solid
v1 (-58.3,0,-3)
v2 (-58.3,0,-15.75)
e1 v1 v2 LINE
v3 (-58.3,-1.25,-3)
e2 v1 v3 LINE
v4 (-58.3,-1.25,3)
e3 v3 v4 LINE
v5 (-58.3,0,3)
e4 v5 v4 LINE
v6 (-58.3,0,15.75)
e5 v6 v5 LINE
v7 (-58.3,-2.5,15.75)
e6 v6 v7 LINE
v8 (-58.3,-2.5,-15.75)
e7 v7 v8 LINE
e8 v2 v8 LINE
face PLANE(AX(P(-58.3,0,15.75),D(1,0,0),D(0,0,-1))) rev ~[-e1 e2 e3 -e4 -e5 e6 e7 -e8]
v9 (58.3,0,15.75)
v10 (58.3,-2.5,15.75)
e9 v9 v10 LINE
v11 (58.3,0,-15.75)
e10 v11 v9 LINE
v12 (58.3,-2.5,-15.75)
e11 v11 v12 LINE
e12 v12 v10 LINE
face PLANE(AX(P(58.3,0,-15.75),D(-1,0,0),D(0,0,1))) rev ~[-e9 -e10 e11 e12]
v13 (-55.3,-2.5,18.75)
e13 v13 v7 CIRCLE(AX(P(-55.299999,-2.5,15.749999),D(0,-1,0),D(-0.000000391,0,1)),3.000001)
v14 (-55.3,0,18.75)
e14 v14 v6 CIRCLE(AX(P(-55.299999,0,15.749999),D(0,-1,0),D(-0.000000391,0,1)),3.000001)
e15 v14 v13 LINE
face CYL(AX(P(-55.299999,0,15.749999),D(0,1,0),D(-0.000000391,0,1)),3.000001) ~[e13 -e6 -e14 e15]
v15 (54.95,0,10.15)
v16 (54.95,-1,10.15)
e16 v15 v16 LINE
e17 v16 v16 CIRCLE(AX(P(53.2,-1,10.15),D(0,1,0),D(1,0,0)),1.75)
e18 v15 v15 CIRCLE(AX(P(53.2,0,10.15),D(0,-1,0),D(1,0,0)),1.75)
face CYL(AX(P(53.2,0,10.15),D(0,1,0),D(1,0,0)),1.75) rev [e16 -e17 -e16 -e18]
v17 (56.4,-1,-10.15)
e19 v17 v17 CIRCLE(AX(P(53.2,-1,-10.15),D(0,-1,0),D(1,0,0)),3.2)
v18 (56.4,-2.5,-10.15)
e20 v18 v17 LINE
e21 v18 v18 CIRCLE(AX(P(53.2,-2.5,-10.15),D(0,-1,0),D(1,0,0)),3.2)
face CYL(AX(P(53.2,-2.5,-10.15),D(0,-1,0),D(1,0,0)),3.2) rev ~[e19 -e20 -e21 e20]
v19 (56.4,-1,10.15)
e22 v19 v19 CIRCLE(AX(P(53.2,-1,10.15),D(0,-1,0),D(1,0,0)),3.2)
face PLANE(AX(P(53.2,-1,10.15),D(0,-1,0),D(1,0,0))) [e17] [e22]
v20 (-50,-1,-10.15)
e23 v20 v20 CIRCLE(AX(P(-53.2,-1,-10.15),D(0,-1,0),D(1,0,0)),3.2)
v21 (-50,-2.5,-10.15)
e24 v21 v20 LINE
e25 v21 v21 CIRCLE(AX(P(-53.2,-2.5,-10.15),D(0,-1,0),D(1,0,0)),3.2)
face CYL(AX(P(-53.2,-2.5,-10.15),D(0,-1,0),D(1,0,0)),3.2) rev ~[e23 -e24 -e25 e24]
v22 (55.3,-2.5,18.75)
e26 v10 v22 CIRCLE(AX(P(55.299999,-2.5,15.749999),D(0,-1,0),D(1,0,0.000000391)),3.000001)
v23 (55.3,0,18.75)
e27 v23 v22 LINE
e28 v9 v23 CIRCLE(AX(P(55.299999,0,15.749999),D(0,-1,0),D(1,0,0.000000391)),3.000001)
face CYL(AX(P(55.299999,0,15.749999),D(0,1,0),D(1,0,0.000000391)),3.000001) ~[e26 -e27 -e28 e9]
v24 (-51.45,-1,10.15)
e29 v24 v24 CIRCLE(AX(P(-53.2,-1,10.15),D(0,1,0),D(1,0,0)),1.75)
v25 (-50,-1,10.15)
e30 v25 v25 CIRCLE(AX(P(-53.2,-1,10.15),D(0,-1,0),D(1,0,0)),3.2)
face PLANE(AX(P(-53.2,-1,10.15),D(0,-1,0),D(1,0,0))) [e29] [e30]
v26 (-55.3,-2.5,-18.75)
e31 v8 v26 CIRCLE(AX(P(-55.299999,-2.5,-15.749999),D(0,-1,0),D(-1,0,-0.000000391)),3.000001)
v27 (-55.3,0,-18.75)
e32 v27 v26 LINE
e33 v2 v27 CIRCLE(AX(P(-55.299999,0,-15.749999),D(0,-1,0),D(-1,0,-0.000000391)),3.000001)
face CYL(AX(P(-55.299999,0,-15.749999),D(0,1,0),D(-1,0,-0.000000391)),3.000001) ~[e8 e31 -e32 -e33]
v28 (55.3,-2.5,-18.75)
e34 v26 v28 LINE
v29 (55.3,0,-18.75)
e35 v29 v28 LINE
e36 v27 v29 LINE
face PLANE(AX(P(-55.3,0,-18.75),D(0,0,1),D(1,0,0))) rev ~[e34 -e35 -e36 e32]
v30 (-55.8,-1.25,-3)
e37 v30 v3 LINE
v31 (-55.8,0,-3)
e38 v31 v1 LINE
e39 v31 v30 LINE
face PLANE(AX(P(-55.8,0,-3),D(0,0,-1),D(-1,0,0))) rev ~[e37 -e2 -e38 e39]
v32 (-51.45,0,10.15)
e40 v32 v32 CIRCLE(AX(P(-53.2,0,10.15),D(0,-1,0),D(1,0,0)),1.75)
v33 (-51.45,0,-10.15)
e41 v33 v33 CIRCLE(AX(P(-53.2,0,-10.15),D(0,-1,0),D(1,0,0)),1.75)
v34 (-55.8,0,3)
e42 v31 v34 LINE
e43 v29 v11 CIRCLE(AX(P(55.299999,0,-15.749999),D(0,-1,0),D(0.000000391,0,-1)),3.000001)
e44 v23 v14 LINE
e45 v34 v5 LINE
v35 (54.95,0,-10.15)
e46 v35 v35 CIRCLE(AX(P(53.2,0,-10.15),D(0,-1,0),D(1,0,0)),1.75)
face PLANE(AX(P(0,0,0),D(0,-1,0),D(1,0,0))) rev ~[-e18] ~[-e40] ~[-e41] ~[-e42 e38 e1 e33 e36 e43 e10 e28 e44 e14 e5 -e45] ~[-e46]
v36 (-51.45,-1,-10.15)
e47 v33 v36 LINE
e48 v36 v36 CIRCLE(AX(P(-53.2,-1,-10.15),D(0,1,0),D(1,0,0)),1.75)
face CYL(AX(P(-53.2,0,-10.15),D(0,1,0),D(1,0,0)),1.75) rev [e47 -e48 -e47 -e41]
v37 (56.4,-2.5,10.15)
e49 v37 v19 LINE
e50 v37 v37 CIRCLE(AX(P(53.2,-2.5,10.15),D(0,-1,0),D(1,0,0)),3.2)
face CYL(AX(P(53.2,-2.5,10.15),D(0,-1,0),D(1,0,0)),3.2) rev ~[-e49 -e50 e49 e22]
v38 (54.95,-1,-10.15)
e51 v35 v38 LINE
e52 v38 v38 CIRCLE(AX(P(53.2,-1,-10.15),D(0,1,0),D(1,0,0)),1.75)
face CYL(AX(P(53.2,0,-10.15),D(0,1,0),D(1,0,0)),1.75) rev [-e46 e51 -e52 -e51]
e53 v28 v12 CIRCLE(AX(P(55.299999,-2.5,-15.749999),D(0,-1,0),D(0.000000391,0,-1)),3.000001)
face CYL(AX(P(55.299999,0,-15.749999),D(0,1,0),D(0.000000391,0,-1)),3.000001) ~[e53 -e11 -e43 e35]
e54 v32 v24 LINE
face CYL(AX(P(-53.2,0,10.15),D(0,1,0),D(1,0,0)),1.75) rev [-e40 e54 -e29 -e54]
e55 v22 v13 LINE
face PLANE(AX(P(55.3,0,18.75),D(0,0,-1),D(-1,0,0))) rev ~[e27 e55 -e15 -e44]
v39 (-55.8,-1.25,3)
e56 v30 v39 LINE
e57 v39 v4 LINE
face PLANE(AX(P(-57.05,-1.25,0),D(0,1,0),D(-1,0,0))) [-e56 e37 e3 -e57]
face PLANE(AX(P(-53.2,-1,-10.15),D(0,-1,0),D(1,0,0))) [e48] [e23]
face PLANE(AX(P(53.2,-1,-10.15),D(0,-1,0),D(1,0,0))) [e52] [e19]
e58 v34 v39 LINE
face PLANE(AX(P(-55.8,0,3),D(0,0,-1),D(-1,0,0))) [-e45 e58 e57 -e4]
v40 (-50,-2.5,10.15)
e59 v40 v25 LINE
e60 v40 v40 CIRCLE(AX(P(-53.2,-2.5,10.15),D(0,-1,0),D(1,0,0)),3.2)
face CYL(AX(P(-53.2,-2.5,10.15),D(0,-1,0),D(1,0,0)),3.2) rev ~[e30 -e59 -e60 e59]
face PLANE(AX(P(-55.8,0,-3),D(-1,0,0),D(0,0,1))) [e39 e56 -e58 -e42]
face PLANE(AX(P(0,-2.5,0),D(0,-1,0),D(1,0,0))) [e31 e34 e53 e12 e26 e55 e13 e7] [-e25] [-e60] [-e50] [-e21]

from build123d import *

# Parameters (mm, degrees)
F0_R     = 1.75
F1_DEPTH = 2.5
F2_R     = 3.2
F3_DEPTH = 1.5
F4_W     = 2.5
F4_H     = 6
F5_DEPTH = 1.25


with BuildPart() as f1:
    # F0 (on Front) → F1 (new body)
    with BuildSketch(Plane.XZ):
        with BuildLine():
            Line((55.3, 18.75), (-55.3, 18.75))
            ThreePointArc((-55.3, 18.75), (-57.42132, 17.87132), (-58.3, 15.75))
            Line((-58.3, 15.75), (-58.3, -15.75))
            ThreePointArc((-58.3, -15.75), (-57.42132, -17.87132), (-55.3, -18.75))
            Line((-55.3, -18.75), (55.3, -18.75))
            ThreePointArc((55.3, -18.75), (57.42132, -17.87132), (58.3, -15.75))
            Line((58.3, -15.75), (58.3, 15.75))
            ThreePointArc((58.3, 15.75), (57.42132, 17.87132), (55.3, 18.75))
        make_face()
        with Locations((-53.2, -10.15)):
            Circle(F0_R, mode=Mode.SUBTRACT)
        with Locations((53.2, -10.15)):
            Circle(F0_R, mode=Mode.SUBTRACT)
        with Locations((-53.2, 10.15)):
            Circle(F0_R, mode=Mode.SUBTRACT)
        with Locations((53.2, 10.15)):
            Circle(F0_R, mode=Mode.SUBTRACT)
    extrude(amount=F1_DEPTH)

    # F2 (on face) → F3 (cut)
    with BuildSketch(Plane.XZ.offset(2.5)):
        with Locations((-53.2, 10.15)):
            Circle(F2_R)
        with Locations((53.2, 10.15)):
            Circle(F2_R)
        with Locations((-53.2, -10.15)):
            Circle(F2_R)
        with Locations((53.2, -10.15)):
            Circle(F2_R)
    extrude(amount=-F3_DEPTH, mode=Mode.SUBTRACT)

    # F4 (on face) → F5 (cut)
    with BuildSketch(Plane(origin=(0, 0, 0), x_dir=(-1, 0, 0), z_dir=(0, 1, 0))):
        with Locations((57.05, 0)):
            Rectangle(F4_W, F4_H)
    extrude(amount=-F5_DEPTH, mode=Mode.SUBTRACT)


solid = f1.part
